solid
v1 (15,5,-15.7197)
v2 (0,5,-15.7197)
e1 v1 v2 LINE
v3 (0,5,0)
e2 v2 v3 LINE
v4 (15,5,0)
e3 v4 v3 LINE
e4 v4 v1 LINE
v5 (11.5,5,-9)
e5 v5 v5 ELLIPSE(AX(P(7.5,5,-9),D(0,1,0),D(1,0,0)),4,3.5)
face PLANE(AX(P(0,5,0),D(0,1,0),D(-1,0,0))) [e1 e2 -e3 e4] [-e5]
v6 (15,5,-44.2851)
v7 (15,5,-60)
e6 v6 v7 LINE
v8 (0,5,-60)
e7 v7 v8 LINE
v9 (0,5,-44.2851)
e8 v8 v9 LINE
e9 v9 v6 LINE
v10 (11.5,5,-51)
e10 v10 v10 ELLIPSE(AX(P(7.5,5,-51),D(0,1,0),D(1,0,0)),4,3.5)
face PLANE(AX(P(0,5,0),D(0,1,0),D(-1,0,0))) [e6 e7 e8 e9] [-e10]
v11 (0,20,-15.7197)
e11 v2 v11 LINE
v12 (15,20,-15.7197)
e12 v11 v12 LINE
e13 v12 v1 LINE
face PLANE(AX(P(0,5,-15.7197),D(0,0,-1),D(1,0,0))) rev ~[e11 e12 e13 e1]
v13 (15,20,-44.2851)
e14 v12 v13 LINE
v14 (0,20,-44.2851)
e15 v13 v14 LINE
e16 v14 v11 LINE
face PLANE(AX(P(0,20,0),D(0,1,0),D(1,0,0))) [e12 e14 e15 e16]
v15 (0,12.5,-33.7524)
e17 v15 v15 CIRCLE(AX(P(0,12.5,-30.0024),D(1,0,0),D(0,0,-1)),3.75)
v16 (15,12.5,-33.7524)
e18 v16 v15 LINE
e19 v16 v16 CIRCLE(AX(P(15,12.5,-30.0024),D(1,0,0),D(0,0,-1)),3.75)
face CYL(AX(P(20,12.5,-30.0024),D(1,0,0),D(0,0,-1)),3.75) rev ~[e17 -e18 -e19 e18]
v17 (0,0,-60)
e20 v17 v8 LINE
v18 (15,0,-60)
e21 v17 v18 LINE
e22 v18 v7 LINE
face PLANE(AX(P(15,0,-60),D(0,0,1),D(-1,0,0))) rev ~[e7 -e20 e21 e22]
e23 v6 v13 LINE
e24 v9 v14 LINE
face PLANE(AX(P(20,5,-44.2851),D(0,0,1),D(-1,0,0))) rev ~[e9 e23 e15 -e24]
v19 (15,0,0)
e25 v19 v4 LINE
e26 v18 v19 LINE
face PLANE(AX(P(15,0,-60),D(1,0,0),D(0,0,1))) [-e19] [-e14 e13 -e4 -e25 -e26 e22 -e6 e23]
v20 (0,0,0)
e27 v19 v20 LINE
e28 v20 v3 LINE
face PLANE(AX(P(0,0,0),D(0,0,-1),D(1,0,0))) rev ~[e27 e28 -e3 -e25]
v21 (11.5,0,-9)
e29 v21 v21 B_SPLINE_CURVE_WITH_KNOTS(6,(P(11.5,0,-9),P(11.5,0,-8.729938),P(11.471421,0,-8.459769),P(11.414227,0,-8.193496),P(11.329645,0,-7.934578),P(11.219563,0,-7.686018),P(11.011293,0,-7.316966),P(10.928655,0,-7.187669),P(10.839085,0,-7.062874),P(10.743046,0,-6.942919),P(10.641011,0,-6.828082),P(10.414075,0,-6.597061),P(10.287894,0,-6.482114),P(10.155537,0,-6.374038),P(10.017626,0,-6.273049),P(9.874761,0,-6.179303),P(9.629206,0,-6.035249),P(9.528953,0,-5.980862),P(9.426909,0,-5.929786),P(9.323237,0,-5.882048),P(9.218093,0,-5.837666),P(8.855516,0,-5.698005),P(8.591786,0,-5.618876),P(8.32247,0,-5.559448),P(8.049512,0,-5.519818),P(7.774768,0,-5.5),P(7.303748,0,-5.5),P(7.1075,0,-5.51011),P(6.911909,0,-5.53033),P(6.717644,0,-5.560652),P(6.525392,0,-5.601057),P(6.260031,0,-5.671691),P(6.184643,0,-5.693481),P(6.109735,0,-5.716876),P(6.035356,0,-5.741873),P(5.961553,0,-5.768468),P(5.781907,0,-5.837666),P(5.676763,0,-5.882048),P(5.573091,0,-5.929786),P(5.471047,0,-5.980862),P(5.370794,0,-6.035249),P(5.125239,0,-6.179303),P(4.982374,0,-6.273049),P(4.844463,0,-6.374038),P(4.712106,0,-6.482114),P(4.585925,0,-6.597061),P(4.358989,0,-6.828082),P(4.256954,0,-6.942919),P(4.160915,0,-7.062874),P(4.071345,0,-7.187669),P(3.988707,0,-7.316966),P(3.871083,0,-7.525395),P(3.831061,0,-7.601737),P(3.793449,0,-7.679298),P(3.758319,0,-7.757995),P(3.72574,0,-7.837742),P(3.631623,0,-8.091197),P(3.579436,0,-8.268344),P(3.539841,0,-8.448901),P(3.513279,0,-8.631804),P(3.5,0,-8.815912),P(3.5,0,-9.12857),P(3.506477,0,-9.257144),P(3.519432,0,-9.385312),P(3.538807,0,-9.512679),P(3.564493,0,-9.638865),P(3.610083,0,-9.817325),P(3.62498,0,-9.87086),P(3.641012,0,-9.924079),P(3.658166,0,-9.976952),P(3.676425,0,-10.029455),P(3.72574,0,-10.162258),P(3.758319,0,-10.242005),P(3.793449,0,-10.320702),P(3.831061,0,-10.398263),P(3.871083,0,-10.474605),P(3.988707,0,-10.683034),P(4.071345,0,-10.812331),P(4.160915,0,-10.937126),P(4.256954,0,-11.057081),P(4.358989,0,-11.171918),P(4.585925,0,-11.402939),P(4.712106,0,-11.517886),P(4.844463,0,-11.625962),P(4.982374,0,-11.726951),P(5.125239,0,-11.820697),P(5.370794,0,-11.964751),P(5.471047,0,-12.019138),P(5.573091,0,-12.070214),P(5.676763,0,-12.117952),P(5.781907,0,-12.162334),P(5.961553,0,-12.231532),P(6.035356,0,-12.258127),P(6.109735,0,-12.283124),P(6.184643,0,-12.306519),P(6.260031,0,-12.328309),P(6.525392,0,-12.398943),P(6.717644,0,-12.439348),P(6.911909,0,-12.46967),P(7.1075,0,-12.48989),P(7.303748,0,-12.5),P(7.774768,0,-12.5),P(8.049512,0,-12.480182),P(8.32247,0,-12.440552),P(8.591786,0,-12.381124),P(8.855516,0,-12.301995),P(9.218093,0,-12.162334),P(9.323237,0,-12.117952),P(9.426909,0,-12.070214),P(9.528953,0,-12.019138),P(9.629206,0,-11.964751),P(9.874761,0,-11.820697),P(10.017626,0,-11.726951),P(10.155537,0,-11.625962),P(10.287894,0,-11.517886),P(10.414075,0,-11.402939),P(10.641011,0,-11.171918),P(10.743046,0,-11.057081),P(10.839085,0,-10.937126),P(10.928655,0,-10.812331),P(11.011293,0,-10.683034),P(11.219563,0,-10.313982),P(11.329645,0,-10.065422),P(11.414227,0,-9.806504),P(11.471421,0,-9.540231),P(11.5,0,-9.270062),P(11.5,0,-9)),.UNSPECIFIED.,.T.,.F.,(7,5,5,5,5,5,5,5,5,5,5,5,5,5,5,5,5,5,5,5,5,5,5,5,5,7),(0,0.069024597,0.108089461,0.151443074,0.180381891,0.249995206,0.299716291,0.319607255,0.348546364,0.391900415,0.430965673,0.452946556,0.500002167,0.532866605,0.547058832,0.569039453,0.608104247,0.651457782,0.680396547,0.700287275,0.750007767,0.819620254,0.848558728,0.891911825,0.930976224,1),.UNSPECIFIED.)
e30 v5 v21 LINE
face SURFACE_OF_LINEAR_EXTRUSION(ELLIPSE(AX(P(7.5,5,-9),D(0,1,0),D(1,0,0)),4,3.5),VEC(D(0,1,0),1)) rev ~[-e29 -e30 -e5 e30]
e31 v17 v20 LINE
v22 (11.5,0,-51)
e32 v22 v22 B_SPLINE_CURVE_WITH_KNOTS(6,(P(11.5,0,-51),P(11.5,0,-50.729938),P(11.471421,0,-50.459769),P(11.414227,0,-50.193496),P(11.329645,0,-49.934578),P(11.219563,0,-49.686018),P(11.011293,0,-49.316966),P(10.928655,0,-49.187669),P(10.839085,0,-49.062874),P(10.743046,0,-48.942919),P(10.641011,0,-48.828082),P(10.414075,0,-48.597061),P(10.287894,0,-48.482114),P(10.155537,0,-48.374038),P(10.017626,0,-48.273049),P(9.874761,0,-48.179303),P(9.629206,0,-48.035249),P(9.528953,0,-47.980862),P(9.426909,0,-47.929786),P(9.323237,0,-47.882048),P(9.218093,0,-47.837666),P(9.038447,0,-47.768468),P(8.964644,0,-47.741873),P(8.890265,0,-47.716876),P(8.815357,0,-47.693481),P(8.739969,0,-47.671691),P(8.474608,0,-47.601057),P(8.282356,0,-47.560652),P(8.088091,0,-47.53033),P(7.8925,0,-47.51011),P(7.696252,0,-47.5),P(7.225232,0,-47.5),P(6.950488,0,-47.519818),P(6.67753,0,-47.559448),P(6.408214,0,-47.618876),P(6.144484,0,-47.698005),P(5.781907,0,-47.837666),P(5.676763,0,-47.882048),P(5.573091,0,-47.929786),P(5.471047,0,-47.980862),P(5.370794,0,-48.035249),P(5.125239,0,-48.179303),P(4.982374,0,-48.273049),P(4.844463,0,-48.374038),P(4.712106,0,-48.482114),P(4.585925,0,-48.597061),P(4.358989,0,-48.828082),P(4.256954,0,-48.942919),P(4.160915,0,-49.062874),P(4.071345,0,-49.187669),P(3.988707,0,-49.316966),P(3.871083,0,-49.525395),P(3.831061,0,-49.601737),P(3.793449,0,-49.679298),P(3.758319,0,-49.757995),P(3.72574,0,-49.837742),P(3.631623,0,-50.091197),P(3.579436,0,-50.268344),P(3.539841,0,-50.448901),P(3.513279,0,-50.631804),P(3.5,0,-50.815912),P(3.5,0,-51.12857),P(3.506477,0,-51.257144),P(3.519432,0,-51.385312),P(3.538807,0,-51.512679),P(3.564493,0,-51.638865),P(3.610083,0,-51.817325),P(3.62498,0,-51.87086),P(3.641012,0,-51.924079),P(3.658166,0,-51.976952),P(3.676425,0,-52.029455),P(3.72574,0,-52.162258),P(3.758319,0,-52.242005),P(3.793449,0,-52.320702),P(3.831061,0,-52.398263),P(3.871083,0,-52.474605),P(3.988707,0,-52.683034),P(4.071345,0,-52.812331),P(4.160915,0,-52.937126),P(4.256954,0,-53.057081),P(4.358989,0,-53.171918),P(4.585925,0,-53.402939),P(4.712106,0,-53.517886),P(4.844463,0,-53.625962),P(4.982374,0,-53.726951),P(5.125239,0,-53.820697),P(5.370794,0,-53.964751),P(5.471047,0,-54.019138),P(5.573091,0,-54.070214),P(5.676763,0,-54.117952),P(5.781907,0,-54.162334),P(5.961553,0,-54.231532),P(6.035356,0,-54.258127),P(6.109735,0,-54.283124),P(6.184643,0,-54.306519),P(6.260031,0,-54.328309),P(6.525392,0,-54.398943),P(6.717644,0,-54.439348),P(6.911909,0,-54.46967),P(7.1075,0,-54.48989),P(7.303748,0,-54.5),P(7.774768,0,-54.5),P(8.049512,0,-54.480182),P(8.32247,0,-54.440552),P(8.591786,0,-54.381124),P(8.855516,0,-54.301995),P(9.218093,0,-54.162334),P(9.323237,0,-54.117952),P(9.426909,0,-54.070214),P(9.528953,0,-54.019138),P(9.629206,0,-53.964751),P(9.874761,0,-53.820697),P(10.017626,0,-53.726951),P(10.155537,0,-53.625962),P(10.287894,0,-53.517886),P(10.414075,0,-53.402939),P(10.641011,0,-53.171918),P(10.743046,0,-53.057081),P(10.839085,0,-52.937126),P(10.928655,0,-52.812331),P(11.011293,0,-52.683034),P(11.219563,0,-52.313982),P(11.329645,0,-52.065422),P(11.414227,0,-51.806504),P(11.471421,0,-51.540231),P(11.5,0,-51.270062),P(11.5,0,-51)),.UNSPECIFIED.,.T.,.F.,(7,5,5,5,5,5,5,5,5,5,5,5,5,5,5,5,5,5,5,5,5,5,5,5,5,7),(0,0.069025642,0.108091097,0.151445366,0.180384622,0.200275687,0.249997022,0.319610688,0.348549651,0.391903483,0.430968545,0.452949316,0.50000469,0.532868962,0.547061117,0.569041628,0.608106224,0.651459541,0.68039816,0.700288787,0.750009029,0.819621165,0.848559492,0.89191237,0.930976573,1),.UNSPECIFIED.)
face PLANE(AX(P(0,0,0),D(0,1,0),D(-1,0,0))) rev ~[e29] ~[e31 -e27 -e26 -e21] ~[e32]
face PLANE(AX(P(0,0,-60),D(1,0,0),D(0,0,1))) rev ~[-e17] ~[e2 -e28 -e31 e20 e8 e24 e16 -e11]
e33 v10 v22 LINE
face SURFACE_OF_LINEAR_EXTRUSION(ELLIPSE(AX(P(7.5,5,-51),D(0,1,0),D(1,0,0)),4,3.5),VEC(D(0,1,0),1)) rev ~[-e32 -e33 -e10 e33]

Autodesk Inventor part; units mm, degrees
ref_plane "YZ Plane" through (0, 0, 0) normal (1, 0, 0) x (0, 1, 0)
ref_plane "XZ Plane" through (0, 0, 0) normal (0, 1, 0) x (-1, 0, 0)
ref_plane "XY Plane" through (0, 0, 0) normal (0, 0, 1) x (1, 0, 0)
sketch "Sketch1" plane through (0, 0, 0) normal (0, 1, 0) x (-1, 0, 0)
  line L0 (0, 0) -> (-20, 0)
  line L1 (-20, 0) -> (-20, -60)
  line L2 (-20, -60) -> (0, -60)
  line L3 (0, -60) -> (0, 0)
  line L4 (0, -60) -> (-15, -60)
  line L5 (0, -60) -> (15, -60) construction
  line L6 (-15, -60) -> (-15, 0)
  dimension "d0" = 20
  dimension "d1" = 60
  dimension "d14" = 15
  dimension "d15" = 180
extrude "Extrusion1" add sketch "Sketch1" along normal blind 5
sketch "Sketch2" plane through (0, 5, 0) normal (0, 1, 0) x (1, 0, 0)
  line L0 (10, 0) -> (19, 0) construction
  line L1 (0, 0) -> (20, 0) projected
  line L2 (0, 0) -> (15, 0) construction
  line L3 (7.5, 0) -> (16.5, 0) construction
  line L4 (0, 60) -> (0, 0) construction
  line L5 (7.5, 9) -> (0, 9) construction
  circle A0 centre (7.5, 51) radius 0.425 construction
  line L6 (7.5, 51) -> (1.0192, 51) construction
  line L7 (7.5, 51) -> (7.5, 47.5) construction
  line L8 (7.5, 51) -> (11.5, 51) construction
  ellipse E0 centre (7.5, 51) end of major axis (11.5, 51) minor radius 3.5
  line L9 (20, 0) -> (20, 60) construction
  line L10 (20, 30) -> (0, 30) construction
  ellipse E1 centre (7.5, 9) end of major axis (11.5, 9) minor radius 3.5
  dimension "d30" = 0.85
  dimension "d32" = 3.5
  dimension "d33" = 4
sketch "Sketch3" plane through (0, 5, 0) normal (0, 1, 0) x (1, 0, 0)
  line L0 (0, 60) -> (0, 0) projected
  line L1 (20, 0) -> (20, 60) projected
  line L2 (0, 15.7197) -> (20, 15.7197)
  line L3 (20, 15.7197) -> (20, 44.2851)
  line L4 (20, 44.2851) -> (0, 44.2851)
  line L5 (0, 44.2851) -> (0, 15.7197)
extrude "Extrusion3" add sketch "Sketch3" along normal blind 15
sketch "Sketch4" plane through (20, 0, 0) normal (1, 0, 0) x (0, 0, -1)
  line L0 (15.7197, 5) -> (15.7197, 20) projected
  line L1 (44.2851, 5) -> (60, 5) projected
  circle A0 centre (30.0024, 12.5) radius 3.75
  point P0 (0, 0)
  dimension "d11" = 7.5
extrude "Extrusion4" cut sketch "Sketch4" against normal blind 65.5
extrude "Extrusion5" add sketch "Sketch1" along normal blind 5 contours L3 L2 L6 L0
extrude "Extrusion6" cut sketch "Sketch1" along normal blind 22.5 contours L6 L2 L1 L0
extrude "Extrusion9" cut sketch "Sketch2" against normal blind 10
properties part number "SuperiorBancada"
